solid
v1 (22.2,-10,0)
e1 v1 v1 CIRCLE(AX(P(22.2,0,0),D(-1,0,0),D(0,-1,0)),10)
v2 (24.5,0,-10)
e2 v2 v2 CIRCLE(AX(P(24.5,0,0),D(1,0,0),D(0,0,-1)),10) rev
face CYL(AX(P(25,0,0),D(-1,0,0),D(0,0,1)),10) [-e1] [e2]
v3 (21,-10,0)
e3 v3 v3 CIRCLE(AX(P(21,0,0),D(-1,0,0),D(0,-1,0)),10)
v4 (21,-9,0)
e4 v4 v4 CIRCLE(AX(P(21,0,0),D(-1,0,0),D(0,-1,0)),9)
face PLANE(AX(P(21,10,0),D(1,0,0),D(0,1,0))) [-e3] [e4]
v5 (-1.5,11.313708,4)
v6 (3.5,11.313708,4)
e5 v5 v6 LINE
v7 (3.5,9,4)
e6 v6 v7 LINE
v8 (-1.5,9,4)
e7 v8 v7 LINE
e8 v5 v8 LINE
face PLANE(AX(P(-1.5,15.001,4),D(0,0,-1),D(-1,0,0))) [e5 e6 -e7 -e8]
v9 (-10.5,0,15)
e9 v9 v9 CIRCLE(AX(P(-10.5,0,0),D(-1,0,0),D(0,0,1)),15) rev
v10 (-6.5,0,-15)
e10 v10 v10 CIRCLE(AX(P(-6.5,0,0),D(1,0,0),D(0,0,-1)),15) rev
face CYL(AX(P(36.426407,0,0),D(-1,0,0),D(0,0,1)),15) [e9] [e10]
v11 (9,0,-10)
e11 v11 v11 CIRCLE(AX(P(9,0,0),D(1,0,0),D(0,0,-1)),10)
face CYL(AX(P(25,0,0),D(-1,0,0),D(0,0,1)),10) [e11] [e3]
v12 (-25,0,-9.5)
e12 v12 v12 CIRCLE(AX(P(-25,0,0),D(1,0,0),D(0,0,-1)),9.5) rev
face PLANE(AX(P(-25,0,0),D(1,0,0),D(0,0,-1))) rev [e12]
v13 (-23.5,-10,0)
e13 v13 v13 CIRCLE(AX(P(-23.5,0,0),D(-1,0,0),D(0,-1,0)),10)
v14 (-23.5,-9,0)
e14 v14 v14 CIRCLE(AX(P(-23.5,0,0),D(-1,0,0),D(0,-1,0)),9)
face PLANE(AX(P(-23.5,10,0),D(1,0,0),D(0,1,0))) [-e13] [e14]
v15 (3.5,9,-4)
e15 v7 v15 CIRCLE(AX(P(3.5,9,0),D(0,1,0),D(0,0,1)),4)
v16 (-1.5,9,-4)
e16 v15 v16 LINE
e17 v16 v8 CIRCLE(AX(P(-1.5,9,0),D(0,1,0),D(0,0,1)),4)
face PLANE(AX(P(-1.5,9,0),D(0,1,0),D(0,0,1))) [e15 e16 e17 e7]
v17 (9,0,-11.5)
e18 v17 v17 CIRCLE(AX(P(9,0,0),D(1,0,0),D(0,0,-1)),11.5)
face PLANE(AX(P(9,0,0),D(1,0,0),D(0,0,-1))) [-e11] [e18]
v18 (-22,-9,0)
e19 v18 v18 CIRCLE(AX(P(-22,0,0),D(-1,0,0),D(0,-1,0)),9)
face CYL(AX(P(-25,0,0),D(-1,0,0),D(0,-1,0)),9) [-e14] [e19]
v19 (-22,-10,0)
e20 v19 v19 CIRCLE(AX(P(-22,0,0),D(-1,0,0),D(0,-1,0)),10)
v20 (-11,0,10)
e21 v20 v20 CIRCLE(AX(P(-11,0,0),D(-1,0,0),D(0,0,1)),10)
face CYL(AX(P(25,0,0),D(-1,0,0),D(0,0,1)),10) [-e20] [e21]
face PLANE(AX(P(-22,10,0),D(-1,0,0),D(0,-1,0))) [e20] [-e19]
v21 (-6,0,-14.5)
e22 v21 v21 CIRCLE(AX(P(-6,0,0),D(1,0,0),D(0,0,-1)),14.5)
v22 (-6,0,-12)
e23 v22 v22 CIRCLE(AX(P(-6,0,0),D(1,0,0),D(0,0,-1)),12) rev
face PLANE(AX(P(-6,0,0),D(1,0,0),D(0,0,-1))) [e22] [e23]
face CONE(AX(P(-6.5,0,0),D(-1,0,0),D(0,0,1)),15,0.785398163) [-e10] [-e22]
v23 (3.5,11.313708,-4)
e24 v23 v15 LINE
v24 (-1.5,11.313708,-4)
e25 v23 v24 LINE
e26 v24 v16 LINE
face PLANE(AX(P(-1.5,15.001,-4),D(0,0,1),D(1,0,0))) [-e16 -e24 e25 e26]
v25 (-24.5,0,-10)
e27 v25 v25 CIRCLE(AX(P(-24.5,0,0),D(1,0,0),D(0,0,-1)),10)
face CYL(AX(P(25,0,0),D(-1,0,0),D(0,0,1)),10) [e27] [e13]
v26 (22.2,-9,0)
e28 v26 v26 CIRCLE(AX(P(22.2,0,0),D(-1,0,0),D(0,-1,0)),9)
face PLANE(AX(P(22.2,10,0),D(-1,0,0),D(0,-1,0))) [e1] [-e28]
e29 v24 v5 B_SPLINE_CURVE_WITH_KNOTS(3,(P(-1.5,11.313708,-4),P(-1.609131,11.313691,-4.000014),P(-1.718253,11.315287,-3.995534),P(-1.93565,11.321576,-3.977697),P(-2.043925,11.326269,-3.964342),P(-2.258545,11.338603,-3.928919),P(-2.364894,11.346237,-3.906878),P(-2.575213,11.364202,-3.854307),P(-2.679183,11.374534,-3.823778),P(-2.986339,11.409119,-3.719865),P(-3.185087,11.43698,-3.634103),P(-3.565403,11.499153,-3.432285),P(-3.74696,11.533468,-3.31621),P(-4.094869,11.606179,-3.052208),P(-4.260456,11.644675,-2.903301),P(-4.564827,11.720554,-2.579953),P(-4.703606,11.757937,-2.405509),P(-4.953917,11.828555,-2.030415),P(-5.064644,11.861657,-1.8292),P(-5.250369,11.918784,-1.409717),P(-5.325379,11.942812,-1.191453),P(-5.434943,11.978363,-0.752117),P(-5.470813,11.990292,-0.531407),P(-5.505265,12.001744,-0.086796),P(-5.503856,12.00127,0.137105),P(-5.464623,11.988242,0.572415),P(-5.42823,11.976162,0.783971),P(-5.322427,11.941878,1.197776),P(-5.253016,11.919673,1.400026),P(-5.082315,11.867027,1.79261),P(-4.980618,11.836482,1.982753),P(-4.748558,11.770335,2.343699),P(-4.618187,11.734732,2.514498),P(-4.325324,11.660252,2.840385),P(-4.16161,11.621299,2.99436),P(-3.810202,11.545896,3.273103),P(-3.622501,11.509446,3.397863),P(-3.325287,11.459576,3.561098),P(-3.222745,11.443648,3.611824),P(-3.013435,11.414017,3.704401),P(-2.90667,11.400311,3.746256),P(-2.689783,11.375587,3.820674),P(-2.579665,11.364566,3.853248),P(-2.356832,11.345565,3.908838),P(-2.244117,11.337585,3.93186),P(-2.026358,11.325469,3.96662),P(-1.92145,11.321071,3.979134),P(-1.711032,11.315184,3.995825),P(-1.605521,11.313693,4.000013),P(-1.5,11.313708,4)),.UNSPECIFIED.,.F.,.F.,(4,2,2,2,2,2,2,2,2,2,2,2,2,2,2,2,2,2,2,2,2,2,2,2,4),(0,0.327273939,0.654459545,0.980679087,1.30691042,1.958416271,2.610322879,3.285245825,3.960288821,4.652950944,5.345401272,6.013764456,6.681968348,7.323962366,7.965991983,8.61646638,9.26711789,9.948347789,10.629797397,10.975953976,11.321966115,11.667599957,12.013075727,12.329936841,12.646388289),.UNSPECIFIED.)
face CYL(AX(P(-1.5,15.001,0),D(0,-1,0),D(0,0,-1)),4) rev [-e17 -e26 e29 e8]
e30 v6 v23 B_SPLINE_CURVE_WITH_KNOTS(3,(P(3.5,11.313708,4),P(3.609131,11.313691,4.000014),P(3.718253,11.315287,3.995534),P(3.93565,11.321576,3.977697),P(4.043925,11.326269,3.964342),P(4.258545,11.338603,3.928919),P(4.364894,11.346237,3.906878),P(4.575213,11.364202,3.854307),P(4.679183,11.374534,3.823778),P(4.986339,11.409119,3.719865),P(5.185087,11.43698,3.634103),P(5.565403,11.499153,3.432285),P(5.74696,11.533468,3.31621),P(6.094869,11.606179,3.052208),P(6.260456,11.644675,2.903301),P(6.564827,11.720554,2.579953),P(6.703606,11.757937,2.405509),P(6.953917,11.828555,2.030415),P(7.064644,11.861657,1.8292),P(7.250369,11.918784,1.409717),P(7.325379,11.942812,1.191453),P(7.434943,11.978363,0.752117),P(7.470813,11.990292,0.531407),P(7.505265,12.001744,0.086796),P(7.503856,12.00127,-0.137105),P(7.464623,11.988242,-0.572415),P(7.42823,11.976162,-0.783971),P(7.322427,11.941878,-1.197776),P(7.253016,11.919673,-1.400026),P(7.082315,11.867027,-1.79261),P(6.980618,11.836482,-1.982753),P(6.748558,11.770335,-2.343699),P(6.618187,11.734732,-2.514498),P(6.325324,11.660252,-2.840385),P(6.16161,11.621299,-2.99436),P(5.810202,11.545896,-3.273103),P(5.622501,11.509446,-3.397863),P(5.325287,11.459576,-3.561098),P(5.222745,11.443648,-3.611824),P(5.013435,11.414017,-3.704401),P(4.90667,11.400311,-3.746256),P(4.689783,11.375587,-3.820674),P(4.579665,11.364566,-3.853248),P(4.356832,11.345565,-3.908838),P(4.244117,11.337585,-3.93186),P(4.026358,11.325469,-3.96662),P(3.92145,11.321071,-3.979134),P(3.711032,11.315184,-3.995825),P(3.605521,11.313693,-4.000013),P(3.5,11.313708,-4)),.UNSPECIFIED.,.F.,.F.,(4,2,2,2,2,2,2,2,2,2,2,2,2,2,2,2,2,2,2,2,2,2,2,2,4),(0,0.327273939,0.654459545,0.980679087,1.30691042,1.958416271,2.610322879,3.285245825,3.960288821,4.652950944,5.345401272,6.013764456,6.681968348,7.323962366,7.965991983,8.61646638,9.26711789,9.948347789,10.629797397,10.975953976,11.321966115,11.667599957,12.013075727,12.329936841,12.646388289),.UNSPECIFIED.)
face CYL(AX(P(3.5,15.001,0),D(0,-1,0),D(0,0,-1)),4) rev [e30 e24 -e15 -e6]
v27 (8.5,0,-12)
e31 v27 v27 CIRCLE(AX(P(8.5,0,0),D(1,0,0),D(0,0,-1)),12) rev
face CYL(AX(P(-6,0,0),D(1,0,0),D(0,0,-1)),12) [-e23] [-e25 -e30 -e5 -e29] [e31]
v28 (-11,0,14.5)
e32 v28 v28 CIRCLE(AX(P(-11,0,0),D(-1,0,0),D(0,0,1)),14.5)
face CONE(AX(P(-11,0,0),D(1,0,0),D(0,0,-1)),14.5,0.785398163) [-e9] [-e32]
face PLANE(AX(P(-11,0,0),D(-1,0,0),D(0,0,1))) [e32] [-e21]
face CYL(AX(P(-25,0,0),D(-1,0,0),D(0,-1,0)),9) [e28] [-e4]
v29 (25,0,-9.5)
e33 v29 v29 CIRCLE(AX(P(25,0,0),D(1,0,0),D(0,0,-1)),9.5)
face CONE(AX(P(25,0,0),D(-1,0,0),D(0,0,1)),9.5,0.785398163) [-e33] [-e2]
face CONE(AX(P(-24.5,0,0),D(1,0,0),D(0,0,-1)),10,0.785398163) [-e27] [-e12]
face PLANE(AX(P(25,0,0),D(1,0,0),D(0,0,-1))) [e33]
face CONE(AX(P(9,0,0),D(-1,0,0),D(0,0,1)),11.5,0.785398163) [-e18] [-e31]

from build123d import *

# Parameters (mm, degrees)
SCHIZZO1_R                    = 10
ESTRUSIONE_ESTRUSIONE1_DEPTH  = 25
ESTRUSIONE_ESTRUSIONE2_START  = -16
SCHIZZO2_R                    = 12
SCHIZZO2_R_2                  = 10
ESTRUSIONE_ESTRUSIONE2_DEPTH  = 15
ESTRUSIONE_ESTRUSIONE3_START  = -19
SCHIZZO3_R                    = 15
SCHIZZO3_R_2                  = 10
ESTRUSIONE_ESTRUSIONE3_DEPTH  = 5
TAGLIO_ESTRUSIONE1_REACH      = 43.787
TAGLIO_ESTRUSIONE1_END_RADIUS = 12
TAGLIO_ESTRUSIONE1_START      = 9
SMUSSO1_SIZE                  = 0.5
SCHIZZO7_W                    = 1.2
SCHIZZO7_H                    = 1
SCHIZZO7_W_2                  = 1.5


with BuildPart() as part:
    # Schizzo1 → Estrusione-Estrusione1 (new, symmetric)
    with BuildSketch(Plane(origin=(0, 0, 0), x_dir=(0, 0, -1), z_dir=(1, 0, 0))):
        Circle(SCHIZZO1_R)
    extrude(amount=ESTRUSIONE_ESTRUSIONE1_DEPTH, both=True)

    # Schizzo2 → Estrusione-Estrusione2 (add)
    with BuildSketch(Plane(origin=(25, 0, 0), x_dir=(0, 0, -1), z_dir=(1, 0, 0)).offset(ESTRUSIONE_ESTRUSIONE2_START)):
        Circle(SCHIZZO2_R)
        Circle(SCHIZZO2_R_2, mode=Mode.SUBTRACT)
    extrude(amount=-ESTRUSIONE_ESTRUSIONE2_DEPTH)

    # Schizzo3 → Estrusione-Estrusione3 (add)
    with BuildSketch(Plane.ZY.offset(25).offset(ESTRUSIONE_ESTRUSIONE3_START)):
        Circle(SCHIZZO3_R)
        with Locations(Location((0, 0, 0), (0, 0, 180))):
            Circle(SCHIZZO3_R_2, mode=Mode.SUBTRACT)
    extrude(amount=ESTRUSIONE_ESTRUSIONE3_DEPTH)

    # Taglio-Estrusione1: up to this cylinder (the profile starts inside it)
    taglio_estrusione1_end = Plane(origin=(1, 0, 0), z_dir=(1, 0, 0)) * Cylinder(TAGLIO_ESTRUSIONE1_END_RADIUS, 112.574, mode=Mode.PRIVATE)
    # Schizzo5 → Taglio-Estrusione1 (cut, up to the surface)
    with BuildSketch(Plane(origin=(0, 0, 0), x_dir=(1, 0, 0), z_dir=(0, 1, 0)).offset(TAGLIO_ESTRUSIONE1_START), mode=Mode.PRIVATE) as taglio_estrusione1_sk1:
        with BuildLine():
            Line((-1.5, 4), (3.5, 4))
            ThreePointArc((3.5, 4), (7.5, 0), (3.5, -4))
            Line((3.5, -4), (-1.5, -4))
            ThreePointArc((-1.5, -4), (-5.5, 0), (-1.5, 4))
        make_face()
    taglio_estrusione1_tool1 = extrude(taglio_estrusione1_sk1.sketch, amount=TAGLIO_ESTRUSIONE1_REACH, mode=Mode.PRIVATE) & taglio_estrusione1_end
    add(taglio_estrusione1_tool1.solids().sort_by_distance((1, 9, 0))[0], mode=Mode.SUBTRACT)

    # Smusso1
    smusso1_edges = [part.edges().sort_by_distance(p)[0] for p in [
        (-6, 0, -15),
        (-11, 0, -15),
        (-25, 0, 10),
        (25, 0, 10),
        (9, 0, 12),
    ]]
    chamfer(smusso1_edges, length=SMUSSO1_SIZE)

    # Schizzo7 → Taglia-Rivoluzione1 (revolve, cut)
    with BuildSketch(Plane.XY, mode=Mode.PRIVATE) as taglia_rivoluzione1_sk:
        with Locations((21.6, 9.5)):
            Rectangle(SCHIZZO7_W, SCHIZZO7_H)
        with Locations((-22.75, 9.5)):
            Rectangle(SCHIZZO7_W_2, SCHIZZO7_H)
    revolve(taglia_rivoluzione1_sk.sketch.rotate(Axis((-25, 0, 0), (1, 0, 0)), 180), axis=Axis((-25, 0, 0), (1, 0, 0)), mode=Mode.SUBTRACT)


solid = part.part
